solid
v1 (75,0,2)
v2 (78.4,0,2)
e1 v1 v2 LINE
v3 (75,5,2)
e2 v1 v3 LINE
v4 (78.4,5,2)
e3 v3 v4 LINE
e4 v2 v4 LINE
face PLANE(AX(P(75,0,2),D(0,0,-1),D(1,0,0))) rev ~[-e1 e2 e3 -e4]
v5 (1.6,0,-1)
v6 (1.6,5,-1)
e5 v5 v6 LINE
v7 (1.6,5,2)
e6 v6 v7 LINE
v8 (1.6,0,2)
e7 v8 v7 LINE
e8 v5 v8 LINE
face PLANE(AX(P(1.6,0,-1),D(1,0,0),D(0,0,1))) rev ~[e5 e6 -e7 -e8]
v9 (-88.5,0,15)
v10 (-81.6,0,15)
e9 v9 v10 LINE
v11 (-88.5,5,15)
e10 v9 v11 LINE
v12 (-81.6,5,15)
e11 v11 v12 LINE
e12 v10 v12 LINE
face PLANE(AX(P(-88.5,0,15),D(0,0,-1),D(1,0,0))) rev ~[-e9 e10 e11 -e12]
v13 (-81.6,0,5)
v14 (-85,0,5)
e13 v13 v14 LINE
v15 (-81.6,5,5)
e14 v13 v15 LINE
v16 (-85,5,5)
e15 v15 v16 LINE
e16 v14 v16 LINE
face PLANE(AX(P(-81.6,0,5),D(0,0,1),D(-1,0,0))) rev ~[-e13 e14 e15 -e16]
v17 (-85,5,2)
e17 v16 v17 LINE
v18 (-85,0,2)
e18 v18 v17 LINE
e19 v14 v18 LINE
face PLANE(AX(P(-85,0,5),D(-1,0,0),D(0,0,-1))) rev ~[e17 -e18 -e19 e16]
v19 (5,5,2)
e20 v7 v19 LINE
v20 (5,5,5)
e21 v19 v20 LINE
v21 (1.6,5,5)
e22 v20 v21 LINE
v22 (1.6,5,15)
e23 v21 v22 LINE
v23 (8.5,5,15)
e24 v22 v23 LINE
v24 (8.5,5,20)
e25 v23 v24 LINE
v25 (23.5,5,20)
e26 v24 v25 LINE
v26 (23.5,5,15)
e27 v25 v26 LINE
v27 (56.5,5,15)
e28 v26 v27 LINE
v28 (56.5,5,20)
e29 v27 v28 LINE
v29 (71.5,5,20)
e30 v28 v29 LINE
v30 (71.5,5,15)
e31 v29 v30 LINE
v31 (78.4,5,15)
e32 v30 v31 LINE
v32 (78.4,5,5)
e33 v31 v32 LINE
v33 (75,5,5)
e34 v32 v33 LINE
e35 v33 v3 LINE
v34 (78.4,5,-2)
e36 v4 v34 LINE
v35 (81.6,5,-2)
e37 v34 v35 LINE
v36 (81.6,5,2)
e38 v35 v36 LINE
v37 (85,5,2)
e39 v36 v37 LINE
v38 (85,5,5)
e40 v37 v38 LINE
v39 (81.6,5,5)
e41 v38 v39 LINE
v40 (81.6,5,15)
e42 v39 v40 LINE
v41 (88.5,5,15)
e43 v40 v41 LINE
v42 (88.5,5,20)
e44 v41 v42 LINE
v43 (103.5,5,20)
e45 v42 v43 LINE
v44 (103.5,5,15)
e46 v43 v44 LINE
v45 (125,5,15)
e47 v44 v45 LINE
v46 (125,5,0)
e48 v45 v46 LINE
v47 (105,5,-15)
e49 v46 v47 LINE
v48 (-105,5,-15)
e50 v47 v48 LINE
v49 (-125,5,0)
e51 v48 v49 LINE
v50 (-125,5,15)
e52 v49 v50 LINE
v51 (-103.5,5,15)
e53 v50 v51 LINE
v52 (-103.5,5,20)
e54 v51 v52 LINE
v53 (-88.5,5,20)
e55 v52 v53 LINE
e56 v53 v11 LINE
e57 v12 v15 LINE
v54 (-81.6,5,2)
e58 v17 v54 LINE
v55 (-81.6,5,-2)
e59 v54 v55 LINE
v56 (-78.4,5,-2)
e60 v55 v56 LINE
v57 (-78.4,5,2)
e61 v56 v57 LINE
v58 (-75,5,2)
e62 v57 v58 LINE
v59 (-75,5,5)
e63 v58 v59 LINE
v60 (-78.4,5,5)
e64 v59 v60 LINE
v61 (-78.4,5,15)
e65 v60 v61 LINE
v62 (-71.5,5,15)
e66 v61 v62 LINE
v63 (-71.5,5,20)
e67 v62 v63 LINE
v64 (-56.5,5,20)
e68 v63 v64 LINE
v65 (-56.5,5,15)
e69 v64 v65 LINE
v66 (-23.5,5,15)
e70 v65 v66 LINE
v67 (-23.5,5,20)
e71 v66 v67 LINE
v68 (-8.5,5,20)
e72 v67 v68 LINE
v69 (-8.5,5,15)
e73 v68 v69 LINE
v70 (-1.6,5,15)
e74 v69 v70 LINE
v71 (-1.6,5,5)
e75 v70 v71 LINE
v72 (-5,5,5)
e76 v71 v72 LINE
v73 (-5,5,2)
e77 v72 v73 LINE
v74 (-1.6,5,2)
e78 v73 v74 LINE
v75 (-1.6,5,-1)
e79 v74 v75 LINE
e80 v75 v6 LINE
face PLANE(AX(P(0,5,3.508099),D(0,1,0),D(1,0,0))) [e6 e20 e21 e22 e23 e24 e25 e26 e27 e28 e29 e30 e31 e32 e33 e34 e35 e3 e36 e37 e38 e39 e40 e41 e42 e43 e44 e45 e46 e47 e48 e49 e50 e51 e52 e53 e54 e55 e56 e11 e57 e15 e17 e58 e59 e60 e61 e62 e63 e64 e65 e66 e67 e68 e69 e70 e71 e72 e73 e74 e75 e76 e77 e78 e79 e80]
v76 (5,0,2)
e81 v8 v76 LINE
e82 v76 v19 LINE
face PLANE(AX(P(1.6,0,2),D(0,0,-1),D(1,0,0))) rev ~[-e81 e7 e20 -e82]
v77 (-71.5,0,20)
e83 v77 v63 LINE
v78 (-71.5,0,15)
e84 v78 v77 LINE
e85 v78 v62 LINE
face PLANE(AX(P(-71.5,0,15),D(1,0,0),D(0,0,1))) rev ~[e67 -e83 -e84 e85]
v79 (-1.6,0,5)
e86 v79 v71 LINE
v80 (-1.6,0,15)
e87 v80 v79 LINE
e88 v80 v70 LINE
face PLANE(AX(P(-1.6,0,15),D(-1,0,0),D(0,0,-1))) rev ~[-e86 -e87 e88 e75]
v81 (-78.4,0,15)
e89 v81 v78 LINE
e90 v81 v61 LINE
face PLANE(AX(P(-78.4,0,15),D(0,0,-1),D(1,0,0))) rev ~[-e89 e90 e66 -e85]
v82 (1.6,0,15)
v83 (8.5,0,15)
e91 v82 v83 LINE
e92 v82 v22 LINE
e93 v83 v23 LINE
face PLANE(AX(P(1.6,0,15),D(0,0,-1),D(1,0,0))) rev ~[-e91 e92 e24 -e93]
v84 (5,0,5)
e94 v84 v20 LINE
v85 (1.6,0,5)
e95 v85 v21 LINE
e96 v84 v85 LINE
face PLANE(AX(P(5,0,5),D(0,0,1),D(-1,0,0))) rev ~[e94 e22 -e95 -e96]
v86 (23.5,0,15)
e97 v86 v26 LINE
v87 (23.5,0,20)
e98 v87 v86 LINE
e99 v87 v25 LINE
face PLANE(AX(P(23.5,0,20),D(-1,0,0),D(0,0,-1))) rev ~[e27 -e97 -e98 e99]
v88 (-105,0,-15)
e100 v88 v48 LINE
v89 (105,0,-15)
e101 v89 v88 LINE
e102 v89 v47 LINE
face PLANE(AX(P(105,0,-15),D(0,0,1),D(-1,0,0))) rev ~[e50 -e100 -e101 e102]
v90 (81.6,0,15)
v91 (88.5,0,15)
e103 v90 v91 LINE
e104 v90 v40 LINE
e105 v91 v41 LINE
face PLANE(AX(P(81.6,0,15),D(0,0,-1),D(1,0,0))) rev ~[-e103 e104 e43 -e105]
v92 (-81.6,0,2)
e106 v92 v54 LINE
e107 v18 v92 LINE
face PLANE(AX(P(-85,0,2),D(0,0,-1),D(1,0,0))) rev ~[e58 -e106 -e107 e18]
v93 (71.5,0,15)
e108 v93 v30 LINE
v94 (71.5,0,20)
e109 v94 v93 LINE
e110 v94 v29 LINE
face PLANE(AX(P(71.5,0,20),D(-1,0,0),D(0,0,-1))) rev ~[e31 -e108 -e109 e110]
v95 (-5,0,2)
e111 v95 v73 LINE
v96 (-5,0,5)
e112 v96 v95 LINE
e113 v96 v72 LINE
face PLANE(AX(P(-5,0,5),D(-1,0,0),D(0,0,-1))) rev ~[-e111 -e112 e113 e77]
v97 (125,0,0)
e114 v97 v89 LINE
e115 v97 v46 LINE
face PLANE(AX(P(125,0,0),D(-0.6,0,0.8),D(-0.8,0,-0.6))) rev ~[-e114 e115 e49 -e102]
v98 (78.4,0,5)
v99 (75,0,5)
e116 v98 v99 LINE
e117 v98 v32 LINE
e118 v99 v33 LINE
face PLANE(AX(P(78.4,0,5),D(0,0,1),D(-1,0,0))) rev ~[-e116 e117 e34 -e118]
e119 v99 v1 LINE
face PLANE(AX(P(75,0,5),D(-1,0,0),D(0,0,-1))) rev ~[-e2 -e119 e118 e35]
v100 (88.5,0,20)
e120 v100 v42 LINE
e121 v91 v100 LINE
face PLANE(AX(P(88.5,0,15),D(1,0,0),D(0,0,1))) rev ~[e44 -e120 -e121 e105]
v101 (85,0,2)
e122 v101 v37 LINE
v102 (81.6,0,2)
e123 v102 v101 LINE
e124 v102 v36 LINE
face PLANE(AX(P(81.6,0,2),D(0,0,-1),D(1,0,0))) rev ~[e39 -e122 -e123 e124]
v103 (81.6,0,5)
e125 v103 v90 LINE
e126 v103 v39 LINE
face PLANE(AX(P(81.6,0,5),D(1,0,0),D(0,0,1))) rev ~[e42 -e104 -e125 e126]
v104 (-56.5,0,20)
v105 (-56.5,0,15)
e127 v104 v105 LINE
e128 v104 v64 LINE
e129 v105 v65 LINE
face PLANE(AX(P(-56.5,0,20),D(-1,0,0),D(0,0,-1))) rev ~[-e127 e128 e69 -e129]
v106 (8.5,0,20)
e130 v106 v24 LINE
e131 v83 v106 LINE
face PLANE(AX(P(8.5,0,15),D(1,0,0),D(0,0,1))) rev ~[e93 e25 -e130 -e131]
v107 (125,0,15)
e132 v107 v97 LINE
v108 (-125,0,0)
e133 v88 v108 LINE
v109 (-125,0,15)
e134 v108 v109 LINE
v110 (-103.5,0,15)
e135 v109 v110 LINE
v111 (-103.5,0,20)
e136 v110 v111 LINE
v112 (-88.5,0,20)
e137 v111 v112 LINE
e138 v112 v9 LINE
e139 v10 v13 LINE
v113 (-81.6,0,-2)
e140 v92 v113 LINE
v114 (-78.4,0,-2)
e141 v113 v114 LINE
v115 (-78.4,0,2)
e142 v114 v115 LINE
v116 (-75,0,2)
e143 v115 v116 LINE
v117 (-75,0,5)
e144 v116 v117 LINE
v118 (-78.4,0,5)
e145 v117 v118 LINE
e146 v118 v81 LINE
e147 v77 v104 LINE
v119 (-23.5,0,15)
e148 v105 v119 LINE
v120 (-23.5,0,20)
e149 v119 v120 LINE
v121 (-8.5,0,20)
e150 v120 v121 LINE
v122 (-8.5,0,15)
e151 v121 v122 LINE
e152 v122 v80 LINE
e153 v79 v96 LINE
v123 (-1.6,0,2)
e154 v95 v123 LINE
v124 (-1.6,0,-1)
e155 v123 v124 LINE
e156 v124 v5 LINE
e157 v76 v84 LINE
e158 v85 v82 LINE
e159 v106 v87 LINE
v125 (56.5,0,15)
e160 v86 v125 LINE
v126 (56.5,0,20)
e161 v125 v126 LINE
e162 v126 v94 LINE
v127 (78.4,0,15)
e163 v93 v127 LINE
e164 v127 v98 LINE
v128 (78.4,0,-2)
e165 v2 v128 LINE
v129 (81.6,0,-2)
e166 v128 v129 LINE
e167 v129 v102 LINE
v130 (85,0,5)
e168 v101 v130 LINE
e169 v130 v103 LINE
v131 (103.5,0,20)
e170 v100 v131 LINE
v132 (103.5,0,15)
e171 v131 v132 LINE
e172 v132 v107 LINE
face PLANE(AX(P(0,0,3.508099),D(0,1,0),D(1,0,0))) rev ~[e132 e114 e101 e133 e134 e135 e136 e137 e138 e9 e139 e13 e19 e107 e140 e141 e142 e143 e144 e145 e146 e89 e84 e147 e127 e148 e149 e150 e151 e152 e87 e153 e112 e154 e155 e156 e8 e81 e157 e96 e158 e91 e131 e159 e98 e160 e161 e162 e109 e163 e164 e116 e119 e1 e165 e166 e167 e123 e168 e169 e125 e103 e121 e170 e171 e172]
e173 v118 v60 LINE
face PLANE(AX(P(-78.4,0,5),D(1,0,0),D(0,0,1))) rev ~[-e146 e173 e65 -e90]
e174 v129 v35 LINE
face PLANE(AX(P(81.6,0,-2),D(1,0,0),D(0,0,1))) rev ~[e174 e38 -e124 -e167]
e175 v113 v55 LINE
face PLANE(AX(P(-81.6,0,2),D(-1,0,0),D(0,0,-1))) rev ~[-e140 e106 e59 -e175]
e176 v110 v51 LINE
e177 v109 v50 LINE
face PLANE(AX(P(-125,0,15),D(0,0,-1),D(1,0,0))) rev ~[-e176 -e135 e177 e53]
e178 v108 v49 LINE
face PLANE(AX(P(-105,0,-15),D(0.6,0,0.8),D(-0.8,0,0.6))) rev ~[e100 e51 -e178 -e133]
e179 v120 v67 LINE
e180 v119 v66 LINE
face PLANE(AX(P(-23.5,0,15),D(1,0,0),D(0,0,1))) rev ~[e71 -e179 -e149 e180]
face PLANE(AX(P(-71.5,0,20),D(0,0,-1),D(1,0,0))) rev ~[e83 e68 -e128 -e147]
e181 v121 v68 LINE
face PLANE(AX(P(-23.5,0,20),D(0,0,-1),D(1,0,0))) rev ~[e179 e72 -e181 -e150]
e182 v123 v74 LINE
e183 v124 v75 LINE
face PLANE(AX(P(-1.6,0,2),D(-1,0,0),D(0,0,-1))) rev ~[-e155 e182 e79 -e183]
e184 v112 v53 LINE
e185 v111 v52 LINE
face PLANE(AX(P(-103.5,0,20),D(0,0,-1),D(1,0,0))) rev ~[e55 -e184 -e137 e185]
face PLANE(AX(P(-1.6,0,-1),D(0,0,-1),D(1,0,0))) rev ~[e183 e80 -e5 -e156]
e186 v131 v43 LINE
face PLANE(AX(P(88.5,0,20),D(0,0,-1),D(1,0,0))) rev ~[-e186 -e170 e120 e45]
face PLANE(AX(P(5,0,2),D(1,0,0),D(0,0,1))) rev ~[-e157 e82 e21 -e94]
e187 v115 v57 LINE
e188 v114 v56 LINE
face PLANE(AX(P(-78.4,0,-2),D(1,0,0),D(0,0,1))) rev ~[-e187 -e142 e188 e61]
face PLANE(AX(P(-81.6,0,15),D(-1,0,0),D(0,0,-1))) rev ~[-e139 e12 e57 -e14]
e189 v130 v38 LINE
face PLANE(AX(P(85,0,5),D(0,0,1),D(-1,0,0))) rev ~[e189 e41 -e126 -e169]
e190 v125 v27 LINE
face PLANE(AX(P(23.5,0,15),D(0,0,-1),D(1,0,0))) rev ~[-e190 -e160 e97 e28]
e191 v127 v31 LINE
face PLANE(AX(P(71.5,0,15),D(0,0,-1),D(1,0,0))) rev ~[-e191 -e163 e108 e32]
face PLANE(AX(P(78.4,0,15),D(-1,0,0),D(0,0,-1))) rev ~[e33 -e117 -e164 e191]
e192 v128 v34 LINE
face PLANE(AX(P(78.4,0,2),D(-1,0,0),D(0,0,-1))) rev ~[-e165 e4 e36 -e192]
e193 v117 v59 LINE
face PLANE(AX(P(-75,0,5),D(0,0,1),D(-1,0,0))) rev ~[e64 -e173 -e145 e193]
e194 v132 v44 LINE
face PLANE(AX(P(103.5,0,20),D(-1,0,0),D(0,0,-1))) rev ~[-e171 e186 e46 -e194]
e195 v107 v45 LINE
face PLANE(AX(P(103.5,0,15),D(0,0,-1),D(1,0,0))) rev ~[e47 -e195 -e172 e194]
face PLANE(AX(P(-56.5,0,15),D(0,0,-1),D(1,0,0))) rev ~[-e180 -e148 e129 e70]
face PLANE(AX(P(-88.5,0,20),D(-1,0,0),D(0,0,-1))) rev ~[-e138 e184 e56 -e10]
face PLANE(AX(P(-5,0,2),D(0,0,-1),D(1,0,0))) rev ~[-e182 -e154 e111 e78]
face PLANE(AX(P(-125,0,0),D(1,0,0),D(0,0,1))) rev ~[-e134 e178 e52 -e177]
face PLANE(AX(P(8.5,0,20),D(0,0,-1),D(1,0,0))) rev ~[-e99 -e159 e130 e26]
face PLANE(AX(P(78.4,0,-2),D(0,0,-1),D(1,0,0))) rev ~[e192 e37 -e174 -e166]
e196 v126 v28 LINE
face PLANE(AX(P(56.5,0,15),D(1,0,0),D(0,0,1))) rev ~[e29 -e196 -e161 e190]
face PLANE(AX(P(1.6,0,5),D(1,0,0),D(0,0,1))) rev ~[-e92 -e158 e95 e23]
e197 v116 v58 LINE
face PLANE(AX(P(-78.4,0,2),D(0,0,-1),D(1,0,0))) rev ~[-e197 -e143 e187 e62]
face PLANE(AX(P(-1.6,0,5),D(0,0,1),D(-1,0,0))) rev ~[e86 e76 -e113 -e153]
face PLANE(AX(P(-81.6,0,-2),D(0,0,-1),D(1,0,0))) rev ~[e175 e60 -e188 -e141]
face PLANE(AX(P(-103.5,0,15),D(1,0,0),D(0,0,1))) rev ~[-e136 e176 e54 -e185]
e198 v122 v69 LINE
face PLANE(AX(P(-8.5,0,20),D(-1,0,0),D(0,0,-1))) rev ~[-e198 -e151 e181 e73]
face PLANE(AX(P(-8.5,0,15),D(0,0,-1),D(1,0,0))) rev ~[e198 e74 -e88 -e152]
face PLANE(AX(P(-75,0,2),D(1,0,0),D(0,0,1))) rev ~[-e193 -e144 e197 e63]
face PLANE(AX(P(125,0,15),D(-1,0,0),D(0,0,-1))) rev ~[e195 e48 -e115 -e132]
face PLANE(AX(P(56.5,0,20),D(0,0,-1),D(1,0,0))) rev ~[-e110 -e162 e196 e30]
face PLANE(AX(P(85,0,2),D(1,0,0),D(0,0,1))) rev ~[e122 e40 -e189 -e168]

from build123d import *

# Parameters (mm, degrees)
EXTRUDE_1_DEPTH = 5


with BuildPart() as part:
    # 草圖1 → 填料-伸長1 (new body)
    with BuildSketch(Plane(origin=(0, 0, 0), x_dir=(1, 0, 0), z_dir=(0, 1, 0))):
        Polygon((-125, -15), (-103.5, -15), (-103.5, -20), (-88.5, -20), (-88.5, -15), (-81.6, -15), (-81.6, -5), (-85, -5), (-85, -2), (-81.6, -2), (-81.6, 2), (-78.4, 2), (-78.4, -2), (-75, -2), (-75, -5), (-78.4, -5), (-78.4, -15), (-71.5, -15), (-71.5, -20), (-56.5, -20), (-56.5, -15), (-23.5, -15), (-23.5, -20), (-8.5, -20), (-8.5, -15), (-1.6, -15), (-1.6, -5), (-5, -5), (-5, -2), (-1.6, -2), (-1.6, 1), (1.6, 1), (1.6, -2), (5, -2), (5, -5), (1.6, -5), (1.6, -15), (8.5, -15), (8.5, -20), (23.5, -20), (23.5, -15), (56.5, -15), (56.5, -20), (71.5, -20), (71.5, -15), (78.4, -15), (78.4, -5), (75, -5), (75, -2), (78.4, -2), (78.4, 2), (81.6, 2), (81.6, -2), (85, -2), (85, -5), (81.6, -5), (81.6, -15), (88.5, -15), (88.5, -20), (103.5, -20), (103.5, -15), (125, -15), (125, 0), (105, 15), (-105, 15), (-125, 0), align=None)
    extrude(amount=EXTRUDE_1_DEPTH)


solid = part.part
